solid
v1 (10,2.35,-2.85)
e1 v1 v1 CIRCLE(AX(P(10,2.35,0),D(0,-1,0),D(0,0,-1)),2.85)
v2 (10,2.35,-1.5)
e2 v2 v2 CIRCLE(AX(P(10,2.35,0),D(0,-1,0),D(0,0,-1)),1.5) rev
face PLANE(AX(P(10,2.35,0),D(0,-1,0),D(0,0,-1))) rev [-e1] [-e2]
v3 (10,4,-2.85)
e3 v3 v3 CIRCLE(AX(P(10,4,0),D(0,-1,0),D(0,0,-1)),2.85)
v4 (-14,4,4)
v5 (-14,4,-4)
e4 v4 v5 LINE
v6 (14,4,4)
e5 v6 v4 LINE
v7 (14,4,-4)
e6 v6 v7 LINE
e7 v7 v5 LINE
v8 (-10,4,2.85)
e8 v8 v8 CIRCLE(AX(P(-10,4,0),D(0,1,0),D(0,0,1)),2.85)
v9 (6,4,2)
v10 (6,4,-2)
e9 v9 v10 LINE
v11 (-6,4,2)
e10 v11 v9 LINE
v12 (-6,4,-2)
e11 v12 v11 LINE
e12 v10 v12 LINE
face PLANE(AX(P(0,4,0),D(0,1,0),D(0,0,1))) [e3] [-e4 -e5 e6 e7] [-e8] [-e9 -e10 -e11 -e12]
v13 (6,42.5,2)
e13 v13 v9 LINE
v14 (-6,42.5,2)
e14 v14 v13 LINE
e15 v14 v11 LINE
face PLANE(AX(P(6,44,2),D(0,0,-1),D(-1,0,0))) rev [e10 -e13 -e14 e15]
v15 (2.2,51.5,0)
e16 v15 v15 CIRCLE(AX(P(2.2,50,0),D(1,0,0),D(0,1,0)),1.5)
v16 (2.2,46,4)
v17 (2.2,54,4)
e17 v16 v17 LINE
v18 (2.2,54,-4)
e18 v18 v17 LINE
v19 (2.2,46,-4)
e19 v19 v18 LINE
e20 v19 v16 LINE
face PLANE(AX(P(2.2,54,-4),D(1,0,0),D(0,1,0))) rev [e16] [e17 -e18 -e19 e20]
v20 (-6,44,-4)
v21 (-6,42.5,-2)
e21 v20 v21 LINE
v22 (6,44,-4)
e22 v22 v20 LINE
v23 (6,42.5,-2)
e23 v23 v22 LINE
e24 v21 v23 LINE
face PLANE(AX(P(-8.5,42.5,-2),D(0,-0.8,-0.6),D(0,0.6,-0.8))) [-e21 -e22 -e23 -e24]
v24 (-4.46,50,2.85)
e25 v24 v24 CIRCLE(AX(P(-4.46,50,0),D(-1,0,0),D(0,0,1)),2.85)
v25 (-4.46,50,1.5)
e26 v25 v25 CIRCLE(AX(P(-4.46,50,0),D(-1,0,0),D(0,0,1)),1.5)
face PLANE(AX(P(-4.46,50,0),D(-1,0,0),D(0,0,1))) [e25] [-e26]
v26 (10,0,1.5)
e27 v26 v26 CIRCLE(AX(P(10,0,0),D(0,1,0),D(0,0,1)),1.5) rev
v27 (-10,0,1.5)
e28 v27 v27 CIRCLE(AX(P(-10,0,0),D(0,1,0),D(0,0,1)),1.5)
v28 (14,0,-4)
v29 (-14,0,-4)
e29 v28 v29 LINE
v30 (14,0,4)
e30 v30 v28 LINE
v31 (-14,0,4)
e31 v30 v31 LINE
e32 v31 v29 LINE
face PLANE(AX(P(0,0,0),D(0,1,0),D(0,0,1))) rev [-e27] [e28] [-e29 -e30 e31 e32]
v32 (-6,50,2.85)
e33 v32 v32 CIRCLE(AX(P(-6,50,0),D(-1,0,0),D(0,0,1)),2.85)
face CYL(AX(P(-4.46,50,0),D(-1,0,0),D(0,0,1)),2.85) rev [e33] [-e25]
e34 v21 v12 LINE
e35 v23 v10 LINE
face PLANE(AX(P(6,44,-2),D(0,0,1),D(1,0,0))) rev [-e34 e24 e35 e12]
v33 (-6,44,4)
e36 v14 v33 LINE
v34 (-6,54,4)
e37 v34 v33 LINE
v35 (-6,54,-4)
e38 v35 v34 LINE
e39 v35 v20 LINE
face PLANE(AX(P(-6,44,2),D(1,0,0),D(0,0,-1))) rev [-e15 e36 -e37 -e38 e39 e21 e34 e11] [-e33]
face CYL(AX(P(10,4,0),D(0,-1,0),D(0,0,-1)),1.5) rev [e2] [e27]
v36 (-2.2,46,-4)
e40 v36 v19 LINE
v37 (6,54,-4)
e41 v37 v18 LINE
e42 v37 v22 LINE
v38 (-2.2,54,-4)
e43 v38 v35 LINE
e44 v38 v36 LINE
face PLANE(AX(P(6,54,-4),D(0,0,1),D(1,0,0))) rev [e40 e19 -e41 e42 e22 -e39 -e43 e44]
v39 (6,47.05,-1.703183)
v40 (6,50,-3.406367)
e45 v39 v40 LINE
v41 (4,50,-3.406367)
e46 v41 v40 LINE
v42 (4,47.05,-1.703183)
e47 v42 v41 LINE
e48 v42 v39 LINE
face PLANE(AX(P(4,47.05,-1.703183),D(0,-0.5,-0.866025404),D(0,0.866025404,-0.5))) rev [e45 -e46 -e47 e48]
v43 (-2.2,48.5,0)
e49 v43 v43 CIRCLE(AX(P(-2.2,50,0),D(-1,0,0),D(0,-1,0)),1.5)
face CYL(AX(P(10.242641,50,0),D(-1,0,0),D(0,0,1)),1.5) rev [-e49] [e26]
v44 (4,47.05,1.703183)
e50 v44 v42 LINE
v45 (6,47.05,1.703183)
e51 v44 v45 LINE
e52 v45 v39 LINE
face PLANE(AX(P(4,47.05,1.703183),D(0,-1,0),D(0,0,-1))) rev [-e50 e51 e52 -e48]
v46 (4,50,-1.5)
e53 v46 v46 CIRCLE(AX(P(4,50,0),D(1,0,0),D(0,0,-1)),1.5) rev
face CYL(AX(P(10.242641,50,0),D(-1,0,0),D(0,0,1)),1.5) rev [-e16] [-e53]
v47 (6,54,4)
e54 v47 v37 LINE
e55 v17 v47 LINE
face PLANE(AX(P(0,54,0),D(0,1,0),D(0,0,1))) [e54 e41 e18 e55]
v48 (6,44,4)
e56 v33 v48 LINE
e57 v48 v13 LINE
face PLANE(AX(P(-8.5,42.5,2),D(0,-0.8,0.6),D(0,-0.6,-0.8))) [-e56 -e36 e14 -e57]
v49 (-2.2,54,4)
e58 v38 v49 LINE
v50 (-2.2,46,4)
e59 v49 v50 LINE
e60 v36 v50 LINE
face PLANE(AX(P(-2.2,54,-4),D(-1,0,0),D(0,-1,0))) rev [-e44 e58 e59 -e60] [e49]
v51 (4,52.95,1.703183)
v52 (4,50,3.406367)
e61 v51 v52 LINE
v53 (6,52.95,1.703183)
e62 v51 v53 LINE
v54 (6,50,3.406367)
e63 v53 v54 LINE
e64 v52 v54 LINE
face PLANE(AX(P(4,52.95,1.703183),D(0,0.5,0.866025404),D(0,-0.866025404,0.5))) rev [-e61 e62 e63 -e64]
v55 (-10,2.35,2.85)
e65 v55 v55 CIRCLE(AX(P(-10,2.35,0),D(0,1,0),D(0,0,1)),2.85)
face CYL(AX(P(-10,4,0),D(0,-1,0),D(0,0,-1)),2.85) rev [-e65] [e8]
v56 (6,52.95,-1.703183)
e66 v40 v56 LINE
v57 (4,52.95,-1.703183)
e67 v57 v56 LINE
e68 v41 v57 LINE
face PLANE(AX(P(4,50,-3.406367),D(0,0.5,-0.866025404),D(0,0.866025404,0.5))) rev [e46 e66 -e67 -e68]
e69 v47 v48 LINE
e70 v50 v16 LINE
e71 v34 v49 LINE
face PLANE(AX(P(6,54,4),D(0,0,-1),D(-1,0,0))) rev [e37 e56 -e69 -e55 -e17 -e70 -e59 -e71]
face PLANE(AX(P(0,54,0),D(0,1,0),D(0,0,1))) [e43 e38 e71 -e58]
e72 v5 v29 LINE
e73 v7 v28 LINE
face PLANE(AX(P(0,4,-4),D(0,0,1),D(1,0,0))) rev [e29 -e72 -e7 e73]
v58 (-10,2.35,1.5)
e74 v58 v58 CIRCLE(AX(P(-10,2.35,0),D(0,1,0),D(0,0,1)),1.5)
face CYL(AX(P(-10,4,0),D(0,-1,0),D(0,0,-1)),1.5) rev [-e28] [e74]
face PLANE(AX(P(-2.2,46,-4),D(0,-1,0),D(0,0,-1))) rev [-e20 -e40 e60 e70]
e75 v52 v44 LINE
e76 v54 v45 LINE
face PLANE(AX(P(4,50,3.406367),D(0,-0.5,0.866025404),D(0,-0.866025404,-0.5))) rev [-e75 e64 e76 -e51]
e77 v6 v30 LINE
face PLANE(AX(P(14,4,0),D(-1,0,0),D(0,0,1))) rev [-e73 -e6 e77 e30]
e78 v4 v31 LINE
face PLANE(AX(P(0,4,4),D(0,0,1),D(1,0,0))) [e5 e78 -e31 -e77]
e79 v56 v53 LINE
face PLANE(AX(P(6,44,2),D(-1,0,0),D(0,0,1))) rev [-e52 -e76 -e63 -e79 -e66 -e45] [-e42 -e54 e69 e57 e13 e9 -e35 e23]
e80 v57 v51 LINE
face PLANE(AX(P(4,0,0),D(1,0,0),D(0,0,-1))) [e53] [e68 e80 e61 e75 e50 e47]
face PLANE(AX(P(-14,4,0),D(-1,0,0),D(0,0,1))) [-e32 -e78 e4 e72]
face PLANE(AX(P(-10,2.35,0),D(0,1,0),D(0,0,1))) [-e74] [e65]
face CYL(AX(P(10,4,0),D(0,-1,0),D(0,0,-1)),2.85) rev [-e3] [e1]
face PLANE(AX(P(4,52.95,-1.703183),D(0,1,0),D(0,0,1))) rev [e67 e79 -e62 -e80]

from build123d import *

# Parameters (mm, degrees)
CROQUIS1_W              = 28
CROQUIS1_H              = 8
CROQUIS1_R              = 2.85
CROQUIS1_R_2            = 1.5
SALIENTE_EXTRUIR1_DEPTH = 4
CORTAR_EXTRUIR1_START   = 2.35
CROQUIS1_3_R            = 2.85
CORTAR_EXTRUIR1_DEPTH   = 13.749668871
CROQUIS2_W              = 12
CROQUIS2_H              = 4
SALIENTE_EXTRUIR2_DEPTH = 40
CROQUIS3_W              = 12
CROQUIS3_H              = 8
SALIENTE_EXTRUIR3_DEPTH = 10
CROQUIS4_W              = 4.4
CROQUIS4_H              = 8
CORTAR_EXTRUIR2_DEPTH   = 57.356011214
CORTAR_EXTRUIR7_START   = -12
CROQUIS5_R              = 1.5
CORTAR_EXTRUIR7_DEPTH   = 12
CORTAR_EXTRUIR8_START   = -1.54
CROQUIS5_4_R            = 2.85
CROQUIS5_4_R_2          = 1.5
CORTAR_EXTRUIR8_DEPTH   = 1.54
CORTAR_EXTRUIR9_DEPTH   = 2
SALIENTE_EXTRUIR4_DEPTH = 12


with BuildPart() as part:
    # Croquis1 → Saliente-Extruir1 (new body)
    # profile 1 of 3: a face of its own
    with BuildSketch(Plane(origin=(0, 0, 0), x_dir=(1, 0, 0), z_dir=(0, 1, 0))):
        Rectangle(CROQUIS1_W, CROQUIS1_H)
        with Locations((-10, 0)):
            Circle(CROQUIS1_R, mode=Mode.SUBTRACT)
        with Locations((10, 0)):
            Circle(CROQUIS1_R, mode=Mode.SUBTRACT)
    # profile 2 of 3: a face of its own
    with BuildSketch(Plane(origin=(0, 0, 0), x_dir=(1, 0, 0), z_dir=(0, 1, 0))):
        with Locations((-10, 0)):
            Circle(CROQUIS1_R)
        with Locations(Location((-10, 0, 0), (0, 0, 270))):
            Circle(CROQUIS1_R_2, mode=Mode.SUBTRACT)
    # profile 3 of 3: a face of its own
    with BuildSketch(Plane(origin=(0, 0, 0), x_dir=(1, 0, 0), z_dir=(0, 1, 0))):
        with Locations((10, 0)):
            Circle(CROQUIS1_R)
        with Locations(Location((10, 0, 0), (0, 0, 270))):
            Circle(CROQUIS1_R_2, mode=Mode.SUBTRACT)
    extrude(amount=SALIENTE_EXTRUIR1_DEPTH)

    # Croquis1<3> → Cortar-Extruir1 (cut, through all)
    with BuildSketch(Plane(origin=(0, 0, 0), x_dir=(1, 0, 0), z_dir=(0, 1, 0)).offset(CORTAR_EXTRUIR1_START)):
        with Locations(Location((-10, 0, 0), (0, 0, 270))):
            Circle(CROQUIS1_3_R)
        with Locations(Location((10, 0, 0), (0, 0, 90))):
            Circle(CROQUIS1_3_R)
    extrude(amount=CORTAR_EXTRUIR1_DEPTH, mode=Mode.SUBTRACT)

    # Croquis2 → Saliente-Extruir2 (add)
    with BuildSketch(Plane(origin=(0, 4, 0), x_dir=(1, 0, 0), z_dir=(0, 1, 0))):
        Rectangle(CROQUIS2_W, CROQUIS2_H)
    extrude(amount=SALIENTE_EXTRUIR2_DEPTH)

    # Croquis3 → Saliente-Extruir3 (add)
    with BuildSketch(Plane(origin=(0, 44, 0), x_dir=(1, 0, 0), z_dir=(0, 1, 0))):
        Rectangle(CROQUIS3_W, CROQUIS3_H)
    extrude(amount=SALIENTE_EXTRUIR3_DEPTH)

    # Croquis4 → Cortar-Extruir2 (cut, through all)
    with BuildSketch(Plane.XY.offset(4)):
        with Locations((0, 50)):
            Rectangle(CROQUIS4_W, CROQUIS4_H)
    extrude(amount=-CORTAR_EXTRUIR2_DEPTH, mode=Mode.SUBTRACT)

    # Croquis5 → Cortar-Extruir7 (cut)
    with BuildSketch(Plane.ZY.offset(6).offset(CORTAR_EXTRUIR7_START)):
        with Locations((0, 50)):
            Circle(CROQUIS5_R)
    extrude(amount=CORTAR_EXTRUIR7_DEPTH, mode=Mode.SUBTRACT)

    # Croquis5<4> → Cortar-Extruir8 (cut)
    with BuildSketch(Plane.ZY.offset(6).offset(CORTAR_EXTRUIR8_START)):
        with Locations((0, 50)):
            Circle(CROQUIS5_4_R)
        with Locations((0, 50)):
            Circle(CROQUIS5_4_R_2, mode=Mode.SUBTRACT)
    extrude(amount=CORTAR_EXTRUIR8_DEPTH, mode=Mode.SUBTRACT)

    # Croquis7 → Cortar-Extruir9 (cut)
    with BuildSketch(Plane(origin=(6, 0, 0), x_dir=(0, 0, -1), z_dir=(1, 0, 0))):
        Polygon((-3.406366588, 50), (-1.703183294, 47.05), (1.703183294, 47.05), (3.406366588, 50), (1.703183294, 52.95), (-1.703183294, 52.95), align=None)
    extrude(amount=-CORTAR_EXTRUIR9_DEPTH, mode=Mode.SUBTRACT)

    # Croquis8 → Saliente-Extruir4 (add)
    with BuildSketch(Plane(origin=(6, 0, 0), x_dir=(0, 0, -1), z_dir=(1, 0, 0))):
        Polygon((-4, 44), (-2, 44), (-2, 42.5), align=None)
        Polygon((2, 42.5), (4, 44), (2, 44), align=None)
    extrude(amount=-SALIENTE_EXTRUIR4_DEPTH)


solid = part.part
